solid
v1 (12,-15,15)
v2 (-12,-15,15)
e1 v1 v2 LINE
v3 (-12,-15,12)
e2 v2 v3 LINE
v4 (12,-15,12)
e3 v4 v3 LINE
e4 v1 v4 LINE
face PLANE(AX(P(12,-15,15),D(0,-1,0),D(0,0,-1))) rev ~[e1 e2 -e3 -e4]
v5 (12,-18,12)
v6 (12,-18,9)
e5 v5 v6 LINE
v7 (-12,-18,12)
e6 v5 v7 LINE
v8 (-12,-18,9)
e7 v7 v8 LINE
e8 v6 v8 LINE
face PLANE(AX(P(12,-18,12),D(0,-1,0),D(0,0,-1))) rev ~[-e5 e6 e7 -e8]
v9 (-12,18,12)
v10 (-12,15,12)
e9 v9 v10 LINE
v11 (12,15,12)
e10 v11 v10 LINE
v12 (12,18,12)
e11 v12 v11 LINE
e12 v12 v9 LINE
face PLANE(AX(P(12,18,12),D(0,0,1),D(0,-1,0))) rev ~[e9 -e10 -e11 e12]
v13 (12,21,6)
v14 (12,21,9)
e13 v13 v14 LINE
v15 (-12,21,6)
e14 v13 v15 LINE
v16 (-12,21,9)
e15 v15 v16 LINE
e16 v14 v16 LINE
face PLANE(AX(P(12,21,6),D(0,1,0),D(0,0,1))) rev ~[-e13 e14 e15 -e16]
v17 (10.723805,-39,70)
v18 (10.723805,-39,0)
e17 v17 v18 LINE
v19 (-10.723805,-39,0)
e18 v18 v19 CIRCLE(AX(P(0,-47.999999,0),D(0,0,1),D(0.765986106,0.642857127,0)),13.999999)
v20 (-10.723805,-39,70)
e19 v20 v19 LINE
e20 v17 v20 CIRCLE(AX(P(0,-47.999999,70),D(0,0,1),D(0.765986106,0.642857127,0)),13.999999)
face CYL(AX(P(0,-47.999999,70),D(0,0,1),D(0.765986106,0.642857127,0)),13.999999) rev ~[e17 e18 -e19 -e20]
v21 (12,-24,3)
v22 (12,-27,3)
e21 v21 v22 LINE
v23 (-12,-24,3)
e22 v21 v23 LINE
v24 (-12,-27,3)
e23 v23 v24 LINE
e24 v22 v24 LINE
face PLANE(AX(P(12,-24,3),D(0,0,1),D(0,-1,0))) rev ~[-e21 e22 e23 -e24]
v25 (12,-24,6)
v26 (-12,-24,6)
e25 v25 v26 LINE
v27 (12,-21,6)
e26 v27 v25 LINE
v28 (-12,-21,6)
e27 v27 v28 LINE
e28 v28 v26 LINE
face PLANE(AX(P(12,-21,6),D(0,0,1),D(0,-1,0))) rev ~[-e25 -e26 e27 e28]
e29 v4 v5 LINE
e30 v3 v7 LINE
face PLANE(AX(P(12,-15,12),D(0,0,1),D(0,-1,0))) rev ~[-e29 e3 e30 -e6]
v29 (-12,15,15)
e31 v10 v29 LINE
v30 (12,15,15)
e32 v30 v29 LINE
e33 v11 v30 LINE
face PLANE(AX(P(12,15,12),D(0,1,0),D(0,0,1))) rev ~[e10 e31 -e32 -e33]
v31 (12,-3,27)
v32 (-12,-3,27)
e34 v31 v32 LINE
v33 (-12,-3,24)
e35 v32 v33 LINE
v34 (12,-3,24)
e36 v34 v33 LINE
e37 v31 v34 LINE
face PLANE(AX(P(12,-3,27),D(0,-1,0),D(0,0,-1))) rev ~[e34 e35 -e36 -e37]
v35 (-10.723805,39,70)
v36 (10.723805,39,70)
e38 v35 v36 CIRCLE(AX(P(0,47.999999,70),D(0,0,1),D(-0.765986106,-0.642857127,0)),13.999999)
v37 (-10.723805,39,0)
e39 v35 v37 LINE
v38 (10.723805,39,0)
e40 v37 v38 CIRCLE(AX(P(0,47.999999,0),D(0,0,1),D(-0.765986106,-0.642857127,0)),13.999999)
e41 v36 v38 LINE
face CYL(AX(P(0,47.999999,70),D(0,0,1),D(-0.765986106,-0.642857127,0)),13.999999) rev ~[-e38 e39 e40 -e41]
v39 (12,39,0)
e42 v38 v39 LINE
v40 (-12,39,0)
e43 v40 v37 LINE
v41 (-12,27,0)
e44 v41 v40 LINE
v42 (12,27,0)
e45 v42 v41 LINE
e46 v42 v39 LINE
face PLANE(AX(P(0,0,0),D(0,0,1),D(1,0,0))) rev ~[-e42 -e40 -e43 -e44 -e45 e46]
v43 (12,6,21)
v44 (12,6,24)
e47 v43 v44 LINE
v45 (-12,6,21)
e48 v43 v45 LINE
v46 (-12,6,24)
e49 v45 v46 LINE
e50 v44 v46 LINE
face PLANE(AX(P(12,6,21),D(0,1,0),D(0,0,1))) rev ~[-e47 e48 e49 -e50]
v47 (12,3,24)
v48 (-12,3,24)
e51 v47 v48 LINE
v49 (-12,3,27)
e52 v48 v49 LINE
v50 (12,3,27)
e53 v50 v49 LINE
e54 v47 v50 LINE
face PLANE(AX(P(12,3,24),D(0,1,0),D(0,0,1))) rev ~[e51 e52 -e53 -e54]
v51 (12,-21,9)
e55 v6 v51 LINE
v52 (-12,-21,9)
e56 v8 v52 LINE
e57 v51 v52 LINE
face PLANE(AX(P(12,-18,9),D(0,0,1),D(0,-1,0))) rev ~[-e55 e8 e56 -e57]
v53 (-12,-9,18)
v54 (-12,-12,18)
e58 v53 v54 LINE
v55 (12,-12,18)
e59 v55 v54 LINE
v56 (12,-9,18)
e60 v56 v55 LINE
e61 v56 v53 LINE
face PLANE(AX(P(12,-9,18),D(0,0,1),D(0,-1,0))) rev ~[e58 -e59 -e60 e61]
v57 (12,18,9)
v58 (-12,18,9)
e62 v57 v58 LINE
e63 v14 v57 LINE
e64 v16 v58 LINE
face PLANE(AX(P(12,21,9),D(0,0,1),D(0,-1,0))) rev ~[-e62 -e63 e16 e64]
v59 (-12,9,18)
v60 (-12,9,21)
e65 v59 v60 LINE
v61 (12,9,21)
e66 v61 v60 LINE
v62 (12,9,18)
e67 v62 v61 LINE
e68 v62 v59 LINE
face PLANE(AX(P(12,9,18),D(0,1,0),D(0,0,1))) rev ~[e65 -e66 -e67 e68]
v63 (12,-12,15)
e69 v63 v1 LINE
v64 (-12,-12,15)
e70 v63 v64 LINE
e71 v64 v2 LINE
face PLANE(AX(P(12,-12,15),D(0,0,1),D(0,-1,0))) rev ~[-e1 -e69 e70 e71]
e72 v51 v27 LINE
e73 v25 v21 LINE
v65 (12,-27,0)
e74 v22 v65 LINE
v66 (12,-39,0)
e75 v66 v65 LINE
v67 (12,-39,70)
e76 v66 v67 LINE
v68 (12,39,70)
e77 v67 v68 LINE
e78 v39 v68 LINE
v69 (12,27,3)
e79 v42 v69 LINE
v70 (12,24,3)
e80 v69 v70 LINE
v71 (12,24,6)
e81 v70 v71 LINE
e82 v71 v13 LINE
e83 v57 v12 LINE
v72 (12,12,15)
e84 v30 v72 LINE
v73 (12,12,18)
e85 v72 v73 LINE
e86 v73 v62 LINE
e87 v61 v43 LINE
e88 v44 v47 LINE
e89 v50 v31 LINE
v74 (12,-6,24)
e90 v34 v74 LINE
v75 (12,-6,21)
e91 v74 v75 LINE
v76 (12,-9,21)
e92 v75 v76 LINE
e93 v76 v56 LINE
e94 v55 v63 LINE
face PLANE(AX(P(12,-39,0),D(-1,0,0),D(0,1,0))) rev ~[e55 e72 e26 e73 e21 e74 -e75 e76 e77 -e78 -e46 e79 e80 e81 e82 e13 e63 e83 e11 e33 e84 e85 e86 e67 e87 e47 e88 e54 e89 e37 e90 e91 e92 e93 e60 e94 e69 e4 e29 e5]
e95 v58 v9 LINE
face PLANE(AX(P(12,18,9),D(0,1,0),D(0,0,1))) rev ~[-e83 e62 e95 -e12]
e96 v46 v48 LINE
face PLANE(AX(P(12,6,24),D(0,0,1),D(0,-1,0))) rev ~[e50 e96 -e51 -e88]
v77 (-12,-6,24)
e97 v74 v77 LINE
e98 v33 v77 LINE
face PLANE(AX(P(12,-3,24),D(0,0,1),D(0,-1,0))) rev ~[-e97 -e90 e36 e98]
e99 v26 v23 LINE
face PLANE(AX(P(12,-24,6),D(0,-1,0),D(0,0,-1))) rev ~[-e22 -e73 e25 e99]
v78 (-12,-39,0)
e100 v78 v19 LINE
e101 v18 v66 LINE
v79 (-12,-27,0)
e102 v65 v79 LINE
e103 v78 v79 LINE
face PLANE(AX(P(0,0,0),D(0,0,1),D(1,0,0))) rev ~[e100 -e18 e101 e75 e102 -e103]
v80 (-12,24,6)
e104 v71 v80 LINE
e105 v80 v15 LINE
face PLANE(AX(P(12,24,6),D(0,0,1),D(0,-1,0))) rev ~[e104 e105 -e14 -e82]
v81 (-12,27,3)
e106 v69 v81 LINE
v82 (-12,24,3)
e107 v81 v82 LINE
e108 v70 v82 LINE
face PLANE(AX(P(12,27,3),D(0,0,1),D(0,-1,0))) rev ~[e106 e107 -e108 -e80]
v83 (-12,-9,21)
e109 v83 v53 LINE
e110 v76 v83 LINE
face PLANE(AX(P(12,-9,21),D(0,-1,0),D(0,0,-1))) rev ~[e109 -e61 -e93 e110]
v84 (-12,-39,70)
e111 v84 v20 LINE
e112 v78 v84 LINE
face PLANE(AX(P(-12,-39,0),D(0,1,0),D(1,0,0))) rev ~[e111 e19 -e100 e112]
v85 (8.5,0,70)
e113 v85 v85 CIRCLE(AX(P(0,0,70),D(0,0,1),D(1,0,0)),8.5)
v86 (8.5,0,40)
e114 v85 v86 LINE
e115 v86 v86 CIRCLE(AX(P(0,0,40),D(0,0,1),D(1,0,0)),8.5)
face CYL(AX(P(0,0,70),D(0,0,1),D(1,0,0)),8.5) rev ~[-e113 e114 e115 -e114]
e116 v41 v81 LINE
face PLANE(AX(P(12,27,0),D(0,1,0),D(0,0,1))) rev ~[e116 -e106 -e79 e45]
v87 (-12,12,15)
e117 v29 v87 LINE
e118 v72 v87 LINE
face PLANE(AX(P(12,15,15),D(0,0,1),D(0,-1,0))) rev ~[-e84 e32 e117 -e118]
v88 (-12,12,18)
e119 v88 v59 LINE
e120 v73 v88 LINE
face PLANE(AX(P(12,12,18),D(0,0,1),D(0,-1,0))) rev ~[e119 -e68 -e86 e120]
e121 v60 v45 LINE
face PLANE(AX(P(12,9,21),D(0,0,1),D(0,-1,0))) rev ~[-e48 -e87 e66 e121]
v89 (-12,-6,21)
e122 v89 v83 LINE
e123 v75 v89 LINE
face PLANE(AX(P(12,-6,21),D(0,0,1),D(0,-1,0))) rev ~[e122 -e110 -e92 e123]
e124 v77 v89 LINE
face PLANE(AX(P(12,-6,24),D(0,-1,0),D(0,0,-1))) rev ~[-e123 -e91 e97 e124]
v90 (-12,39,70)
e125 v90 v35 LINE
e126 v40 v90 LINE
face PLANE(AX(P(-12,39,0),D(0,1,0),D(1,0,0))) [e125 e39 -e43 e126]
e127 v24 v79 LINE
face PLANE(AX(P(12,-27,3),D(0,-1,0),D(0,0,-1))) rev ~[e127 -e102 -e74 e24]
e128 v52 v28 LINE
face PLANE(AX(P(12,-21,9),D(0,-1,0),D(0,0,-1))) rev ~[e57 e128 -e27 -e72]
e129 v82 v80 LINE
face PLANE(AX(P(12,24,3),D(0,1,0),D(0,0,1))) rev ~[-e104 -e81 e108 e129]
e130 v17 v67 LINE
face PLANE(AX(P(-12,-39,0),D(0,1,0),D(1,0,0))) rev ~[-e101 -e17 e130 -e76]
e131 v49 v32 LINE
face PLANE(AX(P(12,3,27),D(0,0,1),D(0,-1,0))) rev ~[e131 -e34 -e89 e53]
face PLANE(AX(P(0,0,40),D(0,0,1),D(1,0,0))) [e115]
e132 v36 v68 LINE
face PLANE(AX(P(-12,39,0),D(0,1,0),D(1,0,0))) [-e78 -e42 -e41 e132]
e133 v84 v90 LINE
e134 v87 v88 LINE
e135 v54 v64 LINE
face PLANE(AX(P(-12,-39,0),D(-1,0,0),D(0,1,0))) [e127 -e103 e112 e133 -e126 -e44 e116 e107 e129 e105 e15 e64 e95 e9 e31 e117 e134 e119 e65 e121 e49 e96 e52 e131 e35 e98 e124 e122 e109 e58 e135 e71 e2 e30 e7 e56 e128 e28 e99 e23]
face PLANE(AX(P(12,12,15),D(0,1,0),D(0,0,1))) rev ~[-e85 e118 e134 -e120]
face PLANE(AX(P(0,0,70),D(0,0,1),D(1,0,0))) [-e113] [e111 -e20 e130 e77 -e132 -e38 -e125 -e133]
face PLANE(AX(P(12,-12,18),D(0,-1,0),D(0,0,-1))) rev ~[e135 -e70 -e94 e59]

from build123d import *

# Parameters (mm, degrees)
SKETCH_W        = 24
SKETCH_H        = 78
PAD_DEPTH       = 70
SKETCH001_R     = 8.5
POCKET_DEPTH    = 30
POCKET001_DEPTH = 70
POCKET002_DEPTH = 24


with BuildPart() as part:
    # Sketch → Pad (new body)
    with BuildSketch(Plane.XY):
        Rectangle(SKETCH_W, SKETCH_H)
    extrude(amount=PAD_DEPTH)

    # Sketch001 (on Face6 of Pad) → Pocket (cut)
    with BuildSketch(Plane.XY.offset(70)):
        Circle(SKETCH001_R)
    extrude(amount=-POCKET_DEPTH, mode=Mode.SUBTRACT)

    # Sketch002 (on Face5 of Pocket) → Pocket001 (cut)
    with BuildSketch(Plane.XY.offset(70)):
        with BuildLine():
            ThreePointArc((-10.723805, 39), (0, 34), (10.723805, 39))
            Line((-10.723805, 39), (10.723805, 39))
        make_face()
        with BuildLine():
            ThreePointArc((10.723805, -39), (0, -34), (-10.723805, -39))
            Line((-10.723805, -39), (10.723805, -39))
        make_face()
    extrude(amount=-POCKET001_DEPTH, mode=Mode.SUBTRACT)

    # Sketch003 (on Face9 of Pocket001) → Pocket002 (cut)
    with BuildSketch(Plane.YZ.offset(12)):
        Polygon((-27, 3), (-27, 0), (27, 0), (27, 3), (24, 3), (24, 6), (21, 6), (21, 9), (18, 9), (18, 12), (15, 12), (15, 15), (12, 15), (12, 18), (9, 18), (9, 21), (6, 21), (6, 24), (3, 24), (3, 27), (-3, 27), (-3, 24), (-6, 24), (-6, 21), (-9, 21), (-9, 18), (-12, 18), (-12, 15), (-15, 15), (-15, 12), (-18, 12), (-18, 9), (-21, 9), (-21, 6), (-24, 6), (-24, 3), align=None)
    extrude(amount=-POCKET002_DEPTH, mode=Mode.SUBTRACT)


solid = part.part
